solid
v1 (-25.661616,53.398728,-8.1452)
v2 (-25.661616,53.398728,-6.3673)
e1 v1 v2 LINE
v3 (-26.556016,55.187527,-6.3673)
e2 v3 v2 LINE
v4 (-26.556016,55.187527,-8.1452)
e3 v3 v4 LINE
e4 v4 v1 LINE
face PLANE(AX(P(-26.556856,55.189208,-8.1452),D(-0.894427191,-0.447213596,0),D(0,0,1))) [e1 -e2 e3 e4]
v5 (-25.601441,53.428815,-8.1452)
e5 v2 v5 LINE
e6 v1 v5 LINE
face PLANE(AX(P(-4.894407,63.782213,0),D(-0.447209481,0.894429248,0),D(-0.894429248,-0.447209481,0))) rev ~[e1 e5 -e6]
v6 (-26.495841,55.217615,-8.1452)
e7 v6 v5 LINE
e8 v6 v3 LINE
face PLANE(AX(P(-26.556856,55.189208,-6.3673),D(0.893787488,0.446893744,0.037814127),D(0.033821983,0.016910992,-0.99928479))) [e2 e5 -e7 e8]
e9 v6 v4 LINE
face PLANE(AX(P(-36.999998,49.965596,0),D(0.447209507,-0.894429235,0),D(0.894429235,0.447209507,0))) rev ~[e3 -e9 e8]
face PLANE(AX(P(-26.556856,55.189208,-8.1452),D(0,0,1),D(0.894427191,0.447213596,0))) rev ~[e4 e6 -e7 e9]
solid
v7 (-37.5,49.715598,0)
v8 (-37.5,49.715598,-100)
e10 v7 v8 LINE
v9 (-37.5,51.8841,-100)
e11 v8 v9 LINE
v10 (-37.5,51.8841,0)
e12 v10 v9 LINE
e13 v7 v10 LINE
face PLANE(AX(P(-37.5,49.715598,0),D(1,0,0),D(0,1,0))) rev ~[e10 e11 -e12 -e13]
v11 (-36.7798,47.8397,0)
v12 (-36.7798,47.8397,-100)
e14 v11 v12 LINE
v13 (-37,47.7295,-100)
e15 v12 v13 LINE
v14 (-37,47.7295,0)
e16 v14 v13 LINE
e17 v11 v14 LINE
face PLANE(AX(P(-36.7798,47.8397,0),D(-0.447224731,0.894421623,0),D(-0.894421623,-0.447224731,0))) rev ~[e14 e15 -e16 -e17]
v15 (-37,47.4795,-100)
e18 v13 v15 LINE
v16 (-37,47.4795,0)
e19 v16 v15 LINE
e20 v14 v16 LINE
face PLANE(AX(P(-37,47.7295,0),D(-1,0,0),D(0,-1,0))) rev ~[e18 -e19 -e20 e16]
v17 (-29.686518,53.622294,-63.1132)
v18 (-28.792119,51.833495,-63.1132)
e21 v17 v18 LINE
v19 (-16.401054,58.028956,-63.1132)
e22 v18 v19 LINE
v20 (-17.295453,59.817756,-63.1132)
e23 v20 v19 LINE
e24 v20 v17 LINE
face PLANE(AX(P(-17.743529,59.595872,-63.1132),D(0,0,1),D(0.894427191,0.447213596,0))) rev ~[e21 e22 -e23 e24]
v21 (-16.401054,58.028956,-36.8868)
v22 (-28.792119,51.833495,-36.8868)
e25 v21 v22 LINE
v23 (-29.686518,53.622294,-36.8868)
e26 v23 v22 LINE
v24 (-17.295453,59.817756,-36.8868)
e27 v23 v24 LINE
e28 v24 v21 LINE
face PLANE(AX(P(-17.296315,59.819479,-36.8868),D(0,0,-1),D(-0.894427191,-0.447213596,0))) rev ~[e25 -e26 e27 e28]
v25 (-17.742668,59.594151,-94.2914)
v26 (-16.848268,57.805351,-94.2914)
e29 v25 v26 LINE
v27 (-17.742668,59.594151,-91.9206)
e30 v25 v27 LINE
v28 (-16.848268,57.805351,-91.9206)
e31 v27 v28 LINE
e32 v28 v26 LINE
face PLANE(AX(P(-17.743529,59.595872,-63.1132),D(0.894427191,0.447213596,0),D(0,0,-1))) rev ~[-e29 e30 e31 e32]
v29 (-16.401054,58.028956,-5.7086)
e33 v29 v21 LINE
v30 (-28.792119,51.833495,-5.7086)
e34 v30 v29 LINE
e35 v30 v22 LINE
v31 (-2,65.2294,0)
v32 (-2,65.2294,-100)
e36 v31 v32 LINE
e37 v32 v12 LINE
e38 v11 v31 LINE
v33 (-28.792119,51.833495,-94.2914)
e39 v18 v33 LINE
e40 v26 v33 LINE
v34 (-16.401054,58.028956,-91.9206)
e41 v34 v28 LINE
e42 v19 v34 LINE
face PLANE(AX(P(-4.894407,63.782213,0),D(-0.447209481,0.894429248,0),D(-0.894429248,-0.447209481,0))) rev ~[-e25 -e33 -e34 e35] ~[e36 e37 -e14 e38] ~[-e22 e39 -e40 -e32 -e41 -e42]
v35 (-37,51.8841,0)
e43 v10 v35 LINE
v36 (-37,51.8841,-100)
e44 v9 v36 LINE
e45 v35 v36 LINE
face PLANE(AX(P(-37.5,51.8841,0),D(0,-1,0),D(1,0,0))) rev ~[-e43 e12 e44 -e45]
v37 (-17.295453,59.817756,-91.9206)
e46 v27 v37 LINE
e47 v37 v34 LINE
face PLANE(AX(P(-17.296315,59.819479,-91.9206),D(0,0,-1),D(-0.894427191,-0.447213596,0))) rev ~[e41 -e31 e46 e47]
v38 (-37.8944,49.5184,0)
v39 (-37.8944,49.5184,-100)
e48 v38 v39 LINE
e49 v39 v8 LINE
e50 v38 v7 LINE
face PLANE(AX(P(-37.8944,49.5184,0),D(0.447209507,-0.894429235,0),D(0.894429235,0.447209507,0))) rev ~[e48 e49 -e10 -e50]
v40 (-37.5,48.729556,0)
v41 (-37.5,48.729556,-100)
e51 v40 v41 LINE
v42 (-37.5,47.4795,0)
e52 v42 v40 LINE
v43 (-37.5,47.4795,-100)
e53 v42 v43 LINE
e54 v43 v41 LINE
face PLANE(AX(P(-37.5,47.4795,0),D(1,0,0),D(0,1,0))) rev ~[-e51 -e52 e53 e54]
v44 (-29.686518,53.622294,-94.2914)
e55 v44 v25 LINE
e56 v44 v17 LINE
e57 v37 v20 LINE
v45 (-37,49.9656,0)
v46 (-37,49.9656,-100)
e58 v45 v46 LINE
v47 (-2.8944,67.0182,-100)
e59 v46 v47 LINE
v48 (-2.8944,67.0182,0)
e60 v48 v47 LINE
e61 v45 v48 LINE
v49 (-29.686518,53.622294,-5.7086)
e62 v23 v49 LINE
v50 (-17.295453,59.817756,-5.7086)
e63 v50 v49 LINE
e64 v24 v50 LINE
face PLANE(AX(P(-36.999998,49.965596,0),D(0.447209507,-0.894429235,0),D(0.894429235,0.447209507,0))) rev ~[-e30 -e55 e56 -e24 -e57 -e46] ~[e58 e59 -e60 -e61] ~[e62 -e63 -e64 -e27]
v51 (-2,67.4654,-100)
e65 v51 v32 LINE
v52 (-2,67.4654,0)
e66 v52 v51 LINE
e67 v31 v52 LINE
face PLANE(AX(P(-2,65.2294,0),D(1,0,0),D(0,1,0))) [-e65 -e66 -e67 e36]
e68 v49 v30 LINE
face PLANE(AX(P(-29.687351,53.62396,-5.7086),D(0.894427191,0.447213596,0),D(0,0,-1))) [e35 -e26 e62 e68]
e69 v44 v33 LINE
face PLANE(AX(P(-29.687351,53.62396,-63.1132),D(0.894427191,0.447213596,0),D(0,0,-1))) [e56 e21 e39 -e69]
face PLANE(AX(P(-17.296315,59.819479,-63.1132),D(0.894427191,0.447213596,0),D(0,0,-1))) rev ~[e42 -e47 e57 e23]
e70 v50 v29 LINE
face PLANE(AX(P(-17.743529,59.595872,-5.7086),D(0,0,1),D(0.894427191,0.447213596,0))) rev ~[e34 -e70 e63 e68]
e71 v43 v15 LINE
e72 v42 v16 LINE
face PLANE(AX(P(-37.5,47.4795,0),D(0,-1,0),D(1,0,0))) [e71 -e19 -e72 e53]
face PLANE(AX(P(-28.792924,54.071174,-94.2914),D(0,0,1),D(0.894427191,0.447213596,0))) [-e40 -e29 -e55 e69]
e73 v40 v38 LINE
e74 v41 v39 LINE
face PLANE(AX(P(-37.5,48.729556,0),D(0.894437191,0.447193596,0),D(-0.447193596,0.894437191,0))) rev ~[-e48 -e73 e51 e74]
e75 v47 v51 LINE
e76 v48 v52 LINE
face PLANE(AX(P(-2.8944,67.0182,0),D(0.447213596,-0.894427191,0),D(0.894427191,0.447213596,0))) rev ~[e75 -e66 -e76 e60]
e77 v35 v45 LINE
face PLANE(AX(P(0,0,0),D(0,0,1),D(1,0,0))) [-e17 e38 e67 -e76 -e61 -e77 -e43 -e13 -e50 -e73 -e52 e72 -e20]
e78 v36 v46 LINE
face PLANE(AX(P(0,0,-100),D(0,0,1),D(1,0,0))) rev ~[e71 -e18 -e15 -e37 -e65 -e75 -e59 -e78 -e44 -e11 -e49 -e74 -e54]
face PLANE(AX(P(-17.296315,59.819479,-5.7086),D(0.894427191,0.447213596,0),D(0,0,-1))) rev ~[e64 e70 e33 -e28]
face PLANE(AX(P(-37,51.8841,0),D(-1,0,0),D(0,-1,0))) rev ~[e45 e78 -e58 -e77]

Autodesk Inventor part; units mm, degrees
ref_plane "YZ Plane" through (0, 0, 0) normal (1, 0, 0) x (0, 1, 0)
ref_plane "XZ Plane" through (0, 0, 0) normal (0, 1, 0) x (-1, 0, 0)
ref_plane "XY Plane" through (0, 0, 0) normal (0, 0, 1) x (1, 0, 0)
ref_plane "Work Plane1" through (0, 0, 0) normal (0, 0, 1) x (1, 0, 0)
sketch "Sketch1" plane through (0, 0, 0) normal (0, 0, 1) x (1, 0, 0)
  arc A0 (-37, -19.9971) -> (-36.2161, -20.9735) centre (-36, -19.9971) ccw projected
  line L0 (-36.2161, -20.9735) -> (-23.4006, -23.8092) projected
  arc A1 (-23.4006, -23.8092) -> (-22.2674, -22.4343) centre (-23.1845, -22.8329) ccw projected
  arc A2 (-15.124, -1.2705) -> (-22.2674, -22.4343) centre (-7, -15.8) ccw projected
  arc A3 (-2, 0) -> (-15.124, -1.2705) centre (-7, -16.7705) ccw projected
  line L1 (-2, 0) -> (-2, 61.9933) projected
  arc A4 (-2, 61.9933) -> (-4.8944, 63.7822) centre (-4, 61.9933) ccw projected
  line L2 (-5.7149, 25.9193) -> (-9.7149, 25.9193) projected
  line L3 (-9.7149, 25.9193) -> (-9.7149, 32.3193) projected
  line L4 (-9.7149, 32.3193) -> (-5.7149, 32.3193) projected
  line L5 (-5.7149, 32.3193) -> (-5.7149, 25.9193) projected
  line L6 (0, 0) -> (0, 66.5) projected
  line L7 (-2, 0) -> (-2, 66.5) projected
  line L8 (0, 0) -> (-2, 0) projected
  line L9 (-2, 65.2294) -> (-36.7798, 47.8397)
  line L10 (-2, 65.2294) -> (-2.8944, 67.0182)
  line L11 (-37, 24.9335) -> (-37.5, 24.9335)
  line L12 (-37.5, 24.9335) -> (-37.5, 47.4795)
  line L13 (-37.5, 47.4795) -> (-37, 47.4795)
  line L14 (-37, 47.4795) -> (-37, 24.9335)
  line L15 (-37, 47.4795) -> (-37.5, 47.4795)
  line L16 (-37.5, 47.4795) -> (-37.5, 51.8841)
  line L17 (-37.5, 51.8841) -> (-37, 51.8841)
  line L18 (-37, 51.8841) -> (-37, 47.4795)
  line L19 (-36.7798, 47.8397) -> (-39.9927, 46.2332)
  line L20 (-37, 47.7295) -> (-37.8944, 49.5184)
  line L21 (-37.8944, 49.5184) -> (-2.8944, 67.0182)
  line L22 (-37, 47.7295) -> (-37, 49.9656)
  line L23 (-2, 65.2294) -> (-2, 67.4654)
  line L24 (-2.8944, 67.0182) -> (-2, 67.4654)
  line L25 (-37, 46.6115) -> (-37, -19.9971) projected
  line L26 (0, 66.5) -> (-2, 66.5) projected
  line L27 (-4.8944, 63.7822) -> (-37, 46.6115) projected
  point P0 (-37, 47.0432)
  point P1 (-37.5, 49.7156)
  point P2 (-37.5, 48.7296)
  dimension "d0" = 2
  dimension "d1" = 0.5
  dimension "d2" = 2
extrude "Extrusion1" add sketch "Sketch1" against normal blind 100 contours L19 L18 L13 | L16 L20 L19 | L9 L19 L18 L21 L10 | L20 L21 L16 | L16 L21 L18 L20 | L10 L24 L23 L7 | L16 L17 L18 L21
sketch "Sketch2" plane through (-2, 67.4654, 0) normal (-0.4472, 0.8944, 0) x (0.8944, 0.4472, 0)
  line L0 (-21.6579, 7.5484) -> (-21.306, 16.8472) projected
  line L1 (-20.8996, 27.5881) -> (-20.5477, 36.8868) projected
  line L2 (-20.5477, 36.8868) -> (-23.0666, 36.8868) projected
  line L3 (-29.9704, 36.8868) -> (-32.4893, 36.8868) projected
  line L4 (-33.5995, 7.5484) -> (-32.4893, 36.8868) projected
  line L5 (-21.8658, 16.8472) -> (-22.195, 8.1452) projected
  line L6 (-21.306, 16.8472) -> (-21.8658, 16.8472) projected
  line L7 (-21.6579, 7.5484) -> (-21.306, 16.8472) projected
  line L8 (-21.6579, 7.5484) -> (-24.1768, 7.5484) projected
  line L9 (-24.1768, 7.5484) -> (-24.316, 3.8687) projected
  ellipse E0 centre (-27.7679, 3.8687) end of major axis (-28.8048, 0.317) minor radius 3.433 (-31.2198, 3.8687) -> (-24.316, 3.8687) ccw projected
  line L10 (-31.0806, 7.5484) -> (-31.2198, 3.8687) projected
  line L11 (-31.0806, 7.5484) -> (-33.5995, 7.5484) projected
  line L12 (-33.5995, 7.5484) -> (-32.4893, 36.8868) projected
  line L13 (-29.9704, 36.8868) -> (-32.4893, 36.8868) projected
  line L14 (-29.9704, 36.8868) -> (-29.8312, 40.5666) projected
  ellipse E1 centre (-26.3793, 40.5666) end of major axis (-27.4161, 37.0148) minor radius 3.433 (-22.9274, 40.5666) -> (-29.8312, 40.5666) ccw projected
  line L15 (-23.0666, 36.8868) -> (-22.9274, 40.5666) projected
  line L16 (-20.5477, 36.8868) -> (-23.0666, 36.8868) projected
  line L17 (-20.8996, 27.5881) -> (-20.5477, 36.8868) projected
  line L18 (-21.4593, 27.5881) -> (-20.8996, 27.5881) projected
  line L19 (-21.13, 36.2901) -> (-21.4593, 27.5881) projected
  line L20 (-31.9522, 36.2901) -> (-21.13, 36.2901) projected
  line L21 (-31.9522, 36.2901) -> (-33.0172, 8.1452) projected
  line L22 (-33.0172, 8.1452) -> (-22.195, 8.1452) projected
  ellipse E2 centre (-27.7698, 3.819) end of major axis (-28.2182, 2.2831) minor radius 1.4845 projected
  ellipse E3 centre (-26.3774, 40.6163) end of major axis (-26.8258, 39.0804) minor radius 1.4845 projected
  line L23 (-27.4544, 6.3673) -> (-26.3442, 35.7057) projected
  line L24 (-19.711, 6.3673) -> (-27.4544, 6.3673) projected
  line L25 (-18.6008, 35.7057) -> (-19.711, 6.3673) projected
  line L26 (-26.3442, 35.7057) -> (-18.6008, 35.7057) projected
  line L27 (-26.7698, 14.5969) -> (-27.052, 7.138) projected
  line L28 (-19.7727, 14.5969) -> (-26.7698, 14.5969) projected
  line L29 (-19.7727, 14.5969) -> (-20.055, 7.138) projected
  line L30 (-20.055, 7.138) -> (-27.052, 7.138) projected
  line L31 (-19.0031, 34.9349) -> (-26.0002, 34.9349) projected
  line L32 (-19.0031, 34.9349) -> (-19.6166, 18.7242) projected
  line L33 (-19.6166, 18.7242) -> (-26.6136, 18.7242) projected
  line L34 (-26.0002, 34.9349) -> (-26.6136, 18.7242) projected
  line L35 (-26.3442, 64.2943) -> (-27.4544, 93.6327) projected
  line L36 (-18.6008, 64.2943) -> (-26.3442, 64.2943) projected
  line L37 (-19.711, 93.6327) -> (-18.6008, 64.2943) projected
  line L38 (-27.4544, 93.6327) -> (-19.711, 93.6327) projected
  line L39 (-26.2824, 72.524) -> (-26.0002, 65.0651) projected
  line L40 (-19.2854, 72.524) -> (-26.2824, 72.524) projected
  line L41 (-19.2854, 72.524) -> (-19.0031, 65.0651) projected
  line L42 (-19.0031, 65.0651) -> (-26.0002, 65.0651) projected
  line L43 (-20.055, 92.862) -> (-27.052, 92.862) projected
  line L44 (-20.055, 92.862) -> (-19.4416, 76.6513) projected
  line L45 (-19.4416, 76.6513) -> (-26.4386, 76.6513) projected
  line L46 (-27.052, 92.862) -> (-26.4386, 76.6513) projected
  line L47 (-21.4593, 72.4119) -> (-21.13, 63.7099) projected
  line L48 (-20.8996, 72.4119) -> (-21.4593, 72.4119) projected
  line L49 (-20.5477, 63.1132) -> (-20.8996, 72.4119) projected
  line L50 (-20.5477, 63.1132) -> (-23.0666, 63.1132) projected
  line L51 (-23.0666, 63.1132) -> (-22.9274, 59.4334) projected
  ellipse E4 centre (-26.3793, 59.4334) end of major axis (-25.3424, 55.8817) minor radius 3.433 (-29.8312, 59.4334) -> (-22.9274, 59.4334) ccw projected
  line L52 (-29.9704, 63.1132) -> (-29.8312, 59.4334) projected
  line L53 (-29.9704, 63.1132) -> (-32.4893, 63.1132) projected
  line L54 (-32.4893, 63.1132) -> (-33.5995, 92.4516) projected
  line L55 (-31.0806, 92.4516) -> (-33.5995, 92.4516) projected
  line L56 (-31.0806, 92.4516) -> (-31.2198, 96.1313) projected
  ellipse E5 centre (-27.7679, 96.1313) end of major axis (-26.7311, 92.5795) minor radius 3.433 (-24.316, 96.1313) -> (-31.2198, 96.1313) ccw projected
  line L57 (-24.1768, 92.4516) -> (-24.316, 96.1313) projected
  line L58 (-21.6579, 92.4516) -> (-24.1768, 92.4516) projected
  line L59 (-21.306, 83.1528) -> (-21.6579, 92.4516) projected
  line L60 (-21.8658, 83.1528) -> (-21.306, 83.1528) projected
  line L61 (-22.195, 91.8548) -> (-21.8658, 83.1528) projected
  line L62 (-33.0172, 91.8548) -> (-22.195, 91.8548) projected
  line L63 (-33.0172, 91.8548) -> (-31.9522, 63.7099) projected
  line L64 (-31.9522, 63.7099) -> (-21.13, 63.7099) projected
  ellipse E6 centre (-26.3774, 59.3837) end of major axis (-25.929, 57.8478) minor radius 1.4845 projected
  ellipse E7 centre (-27.7698, 96.181) end of major axis (-27.3214, 94.6451) minor radius 1.4845 projected
  line L65 (-18.6008, 35.7057) -> (-27.4544, 35.7057)
  line L66 (-27.4544, 35.7057) -> (-27.4544, 6.3673)
  line L67 (-27.4544, 6.3673) -> (-18.6008, 6.3673)
  line L68 (-18.6008, 6.3673) -> (-18.6008, 35.7057)
  line L69 (-27.4544, 6.3673) -> (-28.4544, 6.3673)
  line L70 (-28.4544, 6.3673) -> (-28.4544, 5.7086)
  line L71 (-28.4544, 5.7086) -> (-27.4544, 5.7086)
  line L72 (-27.4544, 5.7086) -> (-27.4544, 6.3673)
  line L73 (-18.6008, 35.7057) -> (-17.6008, 35.7057)
  line L74 (-17.6008, 35.7057) -> (-17.6008, 36.8868)
  line L75 (-17.6008, 36.8868) -> (-18.6008, 36.8868)
  line L76 (-18.6008, 36.8868) -> (-18.6008, 35.7057)
  line L77 (-17.6008, 36.8868) -> (-28.4544, 36.8868)
  line L78 (-28.4544, 36.8868) -> (-28.4544, 5.7086)
  line L79 (-28.4544, 5.7086) -> (-17.6008, 5.7086)
  line L80 (-17.6008, 5.7086) -> (-17.6008, 36.8868)
  point P0 (-28.3824, 0)
  point P1 (-27.4544, 8.1452)
  point P2 (-27.3871, 8.1452)
  point P3 (-28.4544, 6.3673)
  point P4 (-27.4544, 5.7086)
  point P5 (-17.6008, 35.7057)
  point P6 (-18.6008, 36.8868)
  dimension "d5" = 1
  dimension "d6" = 1
extrude "Extrusion2" cut sketch "Sketch2" against normal blind 3 contours L8 L9 L30 L27 L22 L5 L28 L0 | L0 L28 L29 L30 L9 L8 | L28 L5 L6 L0 | L0 L6 L5 L28 L27 L22 L23 L26 L19 L31 L34 L33 L32 L1 L25 L24 L9 L30 L29 | L5 L22 L27 L28 | L9 L24 L23 L22 L27 L30 | L24 L67 L68 L73 L80 L79 L9 | L9 L79 L72 L24 | L25 L68 L67 | L69 L78 L22 L66 | L72 L71 L70 L69 | L22 L66 L65 L23 | L76 L75 L74 L73 | L26 L1 L77 L76 | L22 L78 L20 L19 L26 L65 L66 | L26 L19 L20 L78 L77 L2 L1 | L1 L31 L19 L26 | L31 L32 L33 L34 L19 L18 L1 | L1 L18 L19 L31
sketch "Sketch3" plane through (-2, 67.4654, 0) normal (-0.4472, 0.8944, 0) x (0.8944, 0.4472, 0)
  line L0 (0, 0) -> (-39.1311, 0) projected
  line L1 (0, 0) -> (0, 100) projected
  line L2 (-39.1311, 100) -> (0, 100) projected
  line L3 (-39.1311, 0) -> (-39.1311, 100) projected
  line L4 (-17.6008, 36.8868) -> (-17.6008, 5.7086) projected
  line L5 (-17.6008, 5.7086) -> (-28.4544, 5.7086) projected
  line L6 (-28.4544, 5.7086) -> (-28.4544, 36.8868) projected
  line L7 (-28.4544, 36.8868) -> (-17.6008, 36.8868) projected
  line L8 (-28.4544, 36.8868) -> (-28.4544, 5.7086) projected
  line L9 (-28.4544, 5.7086) -> (-29.4544, 5.7086)
  line L10 (-29.4544, 5.7086) -> (-29.4544, 36.8868)
  line L11 (-29.4544, 36.8868) -> (-28.4544, 36.8868)
  line L12 (-28.4544, 36.8868) -> (-28.4544, 5.7086)
  line L13 (-28.4544, 36.8868) -> (-29.9544, 36.8868)
  line L14 (-29.9544, 36.8868) -> (-29.9544, 5.7086)
  line L15 (-29.9544, 5.7086) -> (-28.4544, 5.7086)
  line L16 (-28.4544, 5.7086) -> (-28.4544, 36.8868)
  line L17 (-39.1311, 0) -> (-39.1311, 100) projected
  line L18 (-39.1311, 50) -> (0, 50)
  line L19 (0, 0) -> (0, 100) projected
  line L20 (-17.6008, 63.1132) -> (-17.6008, 94.2914)
  line L21 (-17.6008, 94.2914) -> (-28.4544, 94.2914)
  line L22 (-28.4544, 63.1132) -> (-17.6008, 63.1132)
  line L23 (-29.4544, 63.1132) -> (-28.4544, 63.1132)
  line L24 (-28.4544, 63.1132) -> (-29.9544, 63.1132)
  line L25 (-29.9544, 63.1132) -> (-29.9544, 94.2914)
  line L26 (-29.9544, 94.2914) -> (-28.4544, 94.2914)
  point P0 (-28.3824, 0)
  point P1 (-28.4544, 94.2914)
  point P2 (-29.4544, 5.7086)
  point P3 (-28.4544, 36.8868)
  dimension "d9" = 1
  dimension "d10" = 1.5
extrude "Extrusion3" cut sketch "Sketch3" against normal blind 3 contours L6 L9 L10 L11 | L10 L15 L14 L13 | L22 L23 L24 L25 L26 L21 L20
sketch "Sketch4" plane through (-2, 67.4654, 0) normal (-0.4472, 0.8944, 0) x (0.8944, 0.4472, 0)
  line L0 (-17.6008, 5.7086) -> (-29.9544, 5.7086) projected
  line L1 (-29.9544, 5.7086) -> (-29.9544, 36.8868) projected
  line L2 (-29.9544, 36.8868) -> (-17.6008, 36.8868) projected
  line L3 (-17.6008, 36.8868) -> (-17.6008, 5.7086) projected
  line L4 (0, 0) -> (-39.1311, 0) projected
  line L5 (0, 0) -> (0, 100) projected
  line L6 (-39.1311, 100) -> (0, 100) projected
  line L7 (-39.1311, 0) -> (-39.1311, 100) projected
  line L8 (-29.9544, 94.2914) -> (-17.6008, 94.2914) projected
  line L9 (-17.6008, 94.2914) -> (-17.6008, 63.1132) projected
  line L10 (-17.6008, 63.1132) -> (-29.9544, 63.1132) projected
  line L11 (-29.9544, 63.1132) -> (-29.9544, 94.2914) projected
  line L12 (-17.6008, 5.7086) -> (-29.9544, 5.7086) projected
  line L13 (-29.9544, 5.7086) -> (-30.9544, 5.7086)
  line L14 (-30.9544, 5.7086) -> (-30.9544, 36.8868)
  line L15 (-30.9544, 36.8868) -> (-29.9544, 36.8868)
  line L16 (-29.9544, 36.8868) -> (-29.9544, 5.7086)
  line L17 (-29.9544, 94.2914) -> (-29.9544, 63.1132) projected
  line L18 (-29.9544, 63.1132) -> (-30.9544, 63.1132)
  line L19 (-30.9544, 63.1132) -> (-30.9544, 94.2914)
  line L20 (-30.9544, 94.2914) -> (-29.9544, 94.2914)
  line L21 (-29.9544, 94.2914) -> (-29.9544, 63.1132)
  point P0 (-28.3824, 0)
  point P1 (-29.9544, 94.2914)
  point P2 (-29.9544, 36.8868)
  dimension "d13" = 1
extrude "Extrusion4" cut sketch "Sketch4" against normal blind 3 contours L13 L14 L15 L1 | L11 L18 L19 L20
sketch "Sketch5" plane through (-2, 67.4654, 0) normal (-0.4472, 0.8944, 0) x (0.8944, 0.4472, 0)
  ellipse E0 centre (-26.3793, 40.5666) end of major axis (-27.4161, 37.0148) minor radius 3.433 (-22.9274, 40.5666) -> (-29.8312, 40.5666) ccw projected
  line L0 (-30.9544, 94.2914) -> (-17.6008, 94.2914) projected
  line L1 (-17.6008, 94.2914) -> (-17.6008, 63.1132) projected
  line L2 (-17.6008, 63.1132) -> (-30.9544, 63.1132) projected
  line L3 (-30.9544, 63.1132) -> (-30.9544, 94.2914) projected
  line L4 (-30.9544, 36.8868) -> (-17.6008, 36.8868) projected
  line L5 (-17.6008, 36.8868) -> (-17.6008, 5.7086) projected
  line L6 (-17.6008, 5.7086) -> (-30.9544, 5.7086) projected
  line L7 (-30.9544, 5.7086) -> (-30.9544, 36.8868) projected
  line L8 (0, 0) -> (-39.1311, 0) projected
  line L9 (0, 0) -> (0, 100) projected
  line L10 (-39.1311, 100) -> (0, 100) projected
  line L11 (-39.1311, 0) -> (-39.1311, 100) projected
  line L12 (-17.6008, 5.7086) -> (-17.1008, 5.7086)
  line L13 (-17.1008, 5.7086) -> (-17.1008, 36.8868)
  line L14 (-17.1008, 36.8868) -> (-17.6008, 36.8868)
  line L15 (-17.6008, 36.8868) -> (-17.6008, 5.7086)
  line L16 (-17.6008, 63.1132) -> (-30.9544, 63.1132) projected
  line L17 (-17.6008, 63.1132) -> (-17.1008, 63.1132)
  line L18 (-17.1008, 63.1132) -> (-17.1008, 91.9206)
  line L19 (-17.1008, 91.9206) -> (-17.6008, 91.9206)
  line L20 (-17.6008, 91.9206) -> (-17.6008, 63.1132)
  point P0 (-28.3824, 0)
  point P1 (-17.6008, 91.9206)
  point P2 (-17.6008, 36.8868)
  dimension "d16" = 0.5
  dimension "d17" = 0.5
extrude "Extrusion5" cut sketch "Sketch5" against normal blind 3 contours L19 L18 L17 L1 | L14 L13 L12 L5
properties part number "pług_v2"
